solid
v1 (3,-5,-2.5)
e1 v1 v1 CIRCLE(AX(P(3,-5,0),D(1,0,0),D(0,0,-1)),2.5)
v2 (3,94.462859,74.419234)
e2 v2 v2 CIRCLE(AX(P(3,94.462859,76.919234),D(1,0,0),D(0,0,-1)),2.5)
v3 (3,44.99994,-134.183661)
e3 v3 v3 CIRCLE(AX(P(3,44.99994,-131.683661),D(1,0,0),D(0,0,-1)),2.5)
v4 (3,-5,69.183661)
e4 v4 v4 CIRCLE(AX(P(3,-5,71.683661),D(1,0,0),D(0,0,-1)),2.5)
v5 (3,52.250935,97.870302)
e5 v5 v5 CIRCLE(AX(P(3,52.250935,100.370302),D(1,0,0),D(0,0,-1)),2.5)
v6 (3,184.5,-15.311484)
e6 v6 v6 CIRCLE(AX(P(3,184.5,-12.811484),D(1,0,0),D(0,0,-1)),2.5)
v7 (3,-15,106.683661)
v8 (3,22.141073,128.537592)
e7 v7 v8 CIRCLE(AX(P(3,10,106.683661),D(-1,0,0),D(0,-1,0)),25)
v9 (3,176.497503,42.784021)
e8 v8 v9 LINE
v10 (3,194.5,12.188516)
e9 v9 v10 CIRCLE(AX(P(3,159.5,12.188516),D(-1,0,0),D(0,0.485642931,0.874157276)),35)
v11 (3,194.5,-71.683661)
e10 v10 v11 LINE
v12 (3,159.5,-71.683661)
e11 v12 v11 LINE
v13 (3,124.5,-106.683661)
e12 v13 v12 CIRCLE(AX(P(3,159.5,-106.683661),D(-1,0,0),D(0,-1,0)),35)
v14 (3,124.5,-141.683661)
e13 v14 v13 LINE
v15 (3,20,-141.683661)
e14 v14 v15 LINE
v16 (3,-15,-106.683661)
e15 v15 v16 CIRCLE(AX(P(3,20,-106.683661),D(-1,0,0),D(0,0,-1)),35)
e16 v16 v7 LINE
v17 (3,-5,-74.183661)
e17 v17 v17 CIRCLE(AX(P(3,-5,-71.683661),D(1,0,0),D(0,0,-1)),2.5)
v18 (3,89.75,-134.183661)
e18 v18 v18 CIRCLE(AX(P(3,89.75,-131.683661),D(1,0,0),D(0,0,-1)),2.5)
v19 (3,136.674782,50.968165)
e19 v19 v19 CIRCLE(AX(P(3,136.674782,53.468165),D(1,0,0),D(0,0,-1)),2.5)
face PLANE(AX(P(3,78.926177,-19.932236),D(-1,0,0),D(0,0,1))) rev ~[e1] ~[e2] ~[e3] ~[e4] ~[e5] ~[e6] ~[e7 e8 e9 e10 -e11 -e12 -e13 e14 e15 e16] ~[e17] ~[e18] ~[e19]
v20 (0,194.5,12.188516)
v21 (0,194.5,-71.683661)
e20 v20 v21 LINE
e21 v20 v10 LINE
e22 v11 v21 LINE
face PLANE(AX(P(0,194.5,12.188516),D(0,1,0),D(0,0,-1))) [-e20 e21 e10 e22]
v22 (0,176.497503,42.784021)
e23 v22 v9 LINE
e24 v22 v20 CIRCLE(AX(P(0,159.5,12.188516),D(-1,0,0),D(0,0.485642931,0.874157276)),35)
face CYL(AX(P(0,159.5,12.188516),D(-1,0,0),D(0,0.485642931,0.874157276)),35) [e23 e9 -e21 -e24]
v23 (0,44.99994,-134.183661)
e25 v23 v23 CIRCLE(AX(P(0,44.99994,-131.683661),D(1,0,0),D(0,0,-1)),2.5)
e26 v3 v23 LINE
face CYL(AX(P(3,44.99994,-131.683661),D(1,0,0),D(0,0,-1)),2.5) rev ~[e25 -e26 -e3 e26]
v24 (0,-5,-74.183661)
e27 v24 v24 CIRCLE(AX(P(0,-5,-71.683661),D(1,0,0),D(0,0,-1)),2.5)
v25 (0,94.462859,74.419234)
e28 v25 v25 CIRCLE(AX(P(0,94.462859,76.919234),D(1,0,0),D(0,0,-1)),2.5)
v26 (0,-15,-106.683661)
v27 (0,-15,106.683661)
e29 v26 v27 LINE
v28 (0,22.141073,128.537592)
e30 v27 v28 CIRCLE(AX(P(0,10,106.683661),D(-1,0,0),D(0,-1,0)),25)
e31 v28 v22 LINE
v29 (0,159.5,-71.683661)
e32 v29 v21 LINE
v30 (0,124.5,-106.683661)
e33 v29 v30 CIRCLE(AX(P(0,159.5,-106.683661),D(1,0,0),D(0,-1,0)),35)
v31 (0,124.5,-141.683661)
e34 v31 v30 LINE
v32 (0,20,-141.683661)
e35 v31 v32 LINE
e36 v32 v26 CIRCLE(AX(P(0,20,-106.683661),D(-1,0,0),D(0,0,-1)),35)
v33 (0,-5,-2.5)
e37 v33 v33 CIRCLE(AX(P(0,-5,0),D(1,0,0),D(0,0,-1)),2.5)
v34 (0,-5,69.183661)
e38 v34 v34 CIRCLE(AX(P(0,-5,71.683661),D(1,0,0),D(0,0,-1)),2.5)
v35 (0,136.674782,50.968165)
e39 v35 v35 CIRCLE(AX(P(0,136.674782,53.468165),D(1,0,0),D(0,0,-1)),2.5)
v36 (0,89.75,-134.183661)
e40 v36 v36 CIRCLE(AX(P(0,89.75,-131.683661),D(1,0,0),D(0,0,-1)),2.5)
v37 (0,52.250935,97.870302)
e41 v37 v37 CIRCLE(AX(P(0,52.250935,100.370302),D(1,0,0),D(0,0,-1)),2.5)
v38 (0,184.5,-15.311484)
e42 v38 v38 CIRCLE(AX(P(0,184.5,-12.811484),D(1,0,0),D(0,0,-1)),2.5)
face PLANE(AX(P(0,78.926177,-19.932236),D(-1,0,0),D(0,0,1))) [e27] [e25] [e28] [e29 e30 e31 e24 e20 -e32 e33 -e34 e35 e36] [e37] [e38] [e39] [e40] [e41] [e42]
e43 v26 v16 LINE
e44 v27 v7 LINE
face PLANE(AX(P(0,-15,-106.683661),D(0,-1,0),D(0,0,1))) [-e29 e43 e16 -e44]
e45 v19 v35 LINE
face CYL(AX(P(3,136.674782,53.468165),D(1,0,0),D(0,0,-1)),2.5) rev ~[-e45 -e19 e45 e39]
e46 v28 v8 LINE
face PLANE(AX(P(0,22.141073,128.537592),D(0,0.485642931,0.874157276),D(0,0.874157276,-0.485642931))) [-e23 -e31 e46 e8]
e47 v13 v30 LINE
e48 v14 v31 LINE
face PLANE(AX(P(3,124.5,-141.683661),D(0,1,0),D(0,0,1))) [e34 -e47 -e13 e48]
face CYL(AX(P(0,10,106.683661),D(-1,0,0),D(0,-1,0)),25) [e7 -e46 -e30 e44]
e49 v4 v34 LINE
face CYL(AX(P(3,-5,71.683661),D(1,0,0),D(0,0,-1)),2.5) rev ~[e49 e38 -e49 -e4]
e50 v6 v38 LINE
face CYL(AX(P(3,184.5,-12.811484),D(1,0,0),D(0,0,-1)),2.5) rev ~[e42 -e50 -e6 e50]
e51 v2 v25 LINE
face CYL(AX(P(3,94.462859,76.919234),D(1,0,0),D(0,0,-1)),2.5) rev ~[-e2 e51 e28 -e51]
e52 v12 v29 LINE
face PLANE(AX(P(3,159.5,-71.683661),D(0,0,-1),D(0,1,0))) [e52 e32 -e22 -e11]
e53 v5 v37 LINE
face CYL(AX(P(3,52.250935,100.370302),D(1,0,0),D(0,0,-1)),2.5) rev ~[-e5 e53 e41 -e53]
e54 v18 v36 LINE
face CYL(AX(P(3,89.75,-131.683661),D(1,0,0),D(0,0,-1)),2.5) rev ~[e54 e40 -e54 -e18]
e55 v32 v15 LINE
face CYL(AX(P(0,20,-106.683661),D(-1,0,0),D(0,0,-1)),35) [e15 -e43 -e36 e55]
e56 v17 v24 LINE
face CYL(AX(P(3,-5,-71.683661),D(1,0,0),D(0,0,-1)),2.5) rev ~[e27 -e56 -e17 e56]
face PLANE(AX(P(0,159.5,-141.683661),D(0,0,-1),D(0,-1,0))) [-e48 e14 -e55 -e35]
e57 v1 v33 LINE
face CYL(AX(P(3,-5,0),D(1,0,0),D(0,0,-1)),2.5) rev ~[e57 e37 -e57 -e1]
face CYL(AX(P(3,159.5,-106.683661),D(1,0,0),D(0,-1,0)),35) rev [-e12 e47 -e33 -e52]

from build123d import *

# Parameters (mm, degrees)
BOSS_EXTRUDE1_DEPTH = 3
CUT_EXTRUDE1_REACH  = 242.652
SKETCH2_R           = 2.5
CUT_EXTRUDE2_REACH  = 242.652


with BuildPart() as part:
    # Sketch1 → Boss-Extrude1 (new body)
    with BuildSketch(Plane(origin=(0, 0, 0), x_dir=(0, 0, -1), z_dir=(1, 0, 0))):
        with BuildLine():
            Line((-12.188515962, 194.5), (106.683660563, 194.5))
            ThreePointArc((106.683660563, 194.5), (131.432397904, 184.248737342), (141.683660563, 159.5))
            Line((141.683660563, 159.5), (141.683660563, 20))
            ThreePointArc((141.683660563, 20), (131.432397904, -4.748737342), (106.683660563, -15))
            Line((106.683660563, -15), (-106.683660563, -15))
            ThreePointArc((-106.683660563, -15), (-128.230433314, -2.678193247), (-128.537592466, 22.141073279))
            Line((-128.537592466, 22.141073279), (-42.784020626, 176.497502591))
            ThreePointArc((-42.784020626, 176.497502591), (-29.937986507, 189.665481852), (-12.188515962, 194.5))
        make_face()
    extrude(amount=BOSS_EXTRUDE1_DEPTH)

    # Sketch2 → Cut-Extrude1 (cut, up to next)
    with BuildSketch(Plane(origin=(3, 0, 0), x_dir=(0, 0, -1), z_dir=(1, 0, 0)), mode=Mode.PRIVATE) as cut_extrude1_sk1:
        with Locations((81.683660563, 184.5)):
            Circle(SKETCH2_R)
    cut_extrude1_tool1 = extrude(cut_extrude1_sk1.sketch, amount=-CUT_EXTRUDE1_REACH, mode=Mode.PRIVATE) & part.part
    # Sketch2 → Cut-Extrude1 (cut, up to next)
    with BuildSketch(Plane(origin=(3, 0, 0), x_dir=(0, 0, -1), z_dir=(1, 0, 0)), mode=Mode.PRIVATE) as cut_extrude1_sk2:
        with Locations((12.811484038, 184.5)):
            Circle(SKETCH2_R)
    cut_extrude1_tool2 = extrude(cut_extrude1_sk2.sketch, amount=-CUT_EXTRUDE1_REACH, mode=Mode.PRIVATE) & part.part
    # Sketch2 → Cut-Extrude1 (cut, up to next)
    with BuildSketch(Plane(origin=(3, 0, 0), x_dir=(0, 0, -1), z_dir=(1, 0, 0)), mode=Mode.PRIVATE) as cut_extrude1_sk3:
        with Locations((131.683660563, 134.49995686)):
            Circle(SKETCH2_R)
    cut_extrude1_tool3 = extrude(cut_extrude1_sk3.sketch, amount=-CUT_EXTRUDE1_REACH, mode=Mode.PRIVATE) & part.part
    # Sketch2 → Cut-Extrude1 (cut, up to next)
    with BuildSketch(Plane(origin=(3, 0, 0), x_dir=(0, 0, -1), z_dir=(1, 0, 0)), mode=Mode.PRIVATE) as cut_extrude1_sk4:
        with Locations((131.683660563, 89.75)):
            Circle(SKETCH2_R)
    cut_extrude1_tool4 = extrude(cut_extrude1_sk4.sketch, amount=-CUT_EXTRUDE1_REACH, mode=Mode.PRIVATE) & part.part
    # Sketch2 → Cut-Extrude1 (cut, up to next)
    with BuildSketch(Plane(origin=(3, 0, 0), x_dir=(0, 0, -1), z_dir=(1, 0, 0)), mode=Mode.PRIVATE) as cut_extrude1_sk5:
        with Locations((131.683660563, 44.999939605)):
            Circle(SKETCH2_R)
    cut_extrude1_tool5 = extrude(cut_extrude1_sk5.sketch, amount=-CUT_EXTRUDE1_REACH, mode=Mode.PRIVATE) & part.part
    # Sketch2 → Cut-Extrude1 (cut, up to next)
    with BuildSketch(Plane(origin=(3, 0, 0), x_dir=(0, 0, -1), z_dir=(1, 0, 0)), mode=Mode.PRIVATE) as cut_extrude1_sk6:
        with Locations((71.683660563, -5)):
            Circle(SKETCH2_R)
    cut_extrude1_tool6 = extrude(cut_extrude1_sk6.sketch, amount=-CUT_EXTRUDE1_REACH, mode=Mode.PRIVATE) & part.part
    # Sketch2 → Cut-Extrude1 (cut, up to next)
    with BuildSketch(Plane(origin=(3, 0, 0), x_dir=(0, 0, -1), z_dir=(1, 0, 0)), mode=Mode.PRIVATE) as cut_extrude1_sk7:
        with Locations((0, -5)):
            Circle(SKETCH2_R)
    cut_extrude1_tool7 = extrude(cut_extrude1_sk7.sketch, amount=-CUT_EXTRUDE1_REACH, mode=Mode.PRIVATE) & part.part
    # Sketch2 → Cut-Extrude1 (cut, up to next)
    with BuildSketch(Plane(origin=(3, 0, 0), x_dir=(0, 0, -1), z_dir=(1, 0, 0)), mode=Mode.PRIVATE) as cut_extrude1_sk8:
        with Locations((-71.683660563, -5)):
            Circle(SKETCH2_R)
    cut_extrude1_tool8 = extrude(cut_extrude1_sk8.sketch, amount=-CUT_EXTRUDE1_REACH, mode=Mode.PRIVATE) & part.part
    # Sketch2 → Cut-Extrude1 (cut, up to next)
    with BuildSketch(Plane(origin=(3, 0, 0), x_dir=(0, 0, -1), z_dir=(1, 0, 0)), mode=Mode.PRIVATE) as cut_extrude1_sk9:
        with Locations((-100.370302458, 52.250935013)):
            Circle(SKETCH2_R)
    cut_extrude1_tool9 = extrude(cut_extrude1_sk9.sketch, amount=-CUT_EXTRUDE1_REACH, mode=Mode.PRIVATE) & part.part
    # Sketch2 → Cut-Extrude1 (cut, up to next)
    with BuildSketch(Plane(origin=(3, 0, 0), x_dir=(0, 0, -1), z_dir=(1, 0, 0)), mode=Mode.PRIVATE) as cut_extrude1_sk10:
        with Locations((-76.919233785, 94.462858624)):
            Circle(SKETCH2_R)
    cut_extrude1_tool10 = extrude(cut_extrude1_sk10.sketch, amount=-CUT_EXTRUDE1_REACH, mode=Mode.PRIVATE) & part.part
    # Sketch2 → Cut-Extrude1 (cut, up to next)
    with BuildSketch(Plane(origin=(3, 0, 0), x_dir=(0, 0, -1), z_dir=(1, 0, 0)), mode=Mode.PRIVATE) as cut_extrude1_sk11:
        with Locations((-53.468165112, 136.674782235)):
            Circle(SKETCH2_R)
    cut_extrude1_tool11 = extrude(cut_extrude1_sk11.sketch, amount=-CUT_EXTRUDE1_REACH, mode=Mode.PRIVATE) & part.part
    add(cut_extrude1_tool1.solids().sort_by_distance((3, 184.5, -81.683661))[0], mode=Mode.SUBTRACT)
    add(cut_extrude1_tool2.solids().sort_by_distance((3, 184.5, -12.811484))[0], mode=Mode.SUBTRACT)
    add(cut_extrude1_tool3.solids().sort_by_distance((3, 134.499957, -131.683661))[0], mode=Mode.SUBTRACT)
    add(cut_extrude1_tool4.solids().sort_by_distance((3, 89.75, -131.683661))[0], mode=Mode.SUBTRACT)
    add(cut_extrude1_tool5.solids().sort_by_distance((3, 44.99994, -131.683661))[0], mode=Mode.SUBTRACT)
    add(cut_extrude1_tool6.solids().sort_by_distance((3, -5, -71.683661))[0], mode=Mode.SUBTRACT)
    add(cut_extrude1_tool7.solids().sort_by_distance((3, -5, 0))[0], mode=Mode.SUBTRACT)
    add(cut_extrude1_tool8.solids().sort_by_distance((3, -5, 71.683661))[0], mode=Mode.SUBTRACT)
    add(cut_extrude1_tool9.solids().sort_by_distance((3, 52.250935, 100.370302))[0], mode=Mode.SUBTRACT)
    add(cut_extrude1_tool10.solids().sort_by_distance((3, 94.462859, 76.919234))[0], mode=Mode.SUBTRACT)
    add(cut_extrude1_tool11.solids().sort_by_distance((3, 136.674782, 53.468165))[0], mode=Mode.SUBTRACT)

    # Sketch3 → Cut-Extrude2 (cut, up to next)
    with BuildSketch(Plane(origin=(3, 0, 0), x_dir=(0, 0, -1), z_dir=(1, 0, 0)), mode=Mode.PRIVATE) as cut_extrude2_sk1:
        with BuildLine():
            Line((71.683660563, 159.5), (71.683660563, 194.5))
            Line((71.683660563, 194.5), (106.683660563, 194.5))
            ThreePointArc((106.683660563, 194.5), (131.432397904, 184.248737342), (141.683660563, 159.5))
            Line((141.683660563, 159.5), (141.683660563, 124.5))
            Line((141.683660563, 124.5), (106.683660563, 124.5))
            ThreePointArc((106.683660563, 124.5), (81.934923221, 134.751262658), (71.683660563, 159.5))
        make_face()
    cut_extrude2_tool1 = extrude(cut_extrude2_sk1.sketch, amount=-CUT_EXTRUDE2_REACH, mode=Mode.PRIVATE) & part.part
    add(cut_extrude2_tool1.solids().sort_by_distance((3, 159.5, -106.683661))[0], mode=Mode.SUBTRACT)


solid = part.part
